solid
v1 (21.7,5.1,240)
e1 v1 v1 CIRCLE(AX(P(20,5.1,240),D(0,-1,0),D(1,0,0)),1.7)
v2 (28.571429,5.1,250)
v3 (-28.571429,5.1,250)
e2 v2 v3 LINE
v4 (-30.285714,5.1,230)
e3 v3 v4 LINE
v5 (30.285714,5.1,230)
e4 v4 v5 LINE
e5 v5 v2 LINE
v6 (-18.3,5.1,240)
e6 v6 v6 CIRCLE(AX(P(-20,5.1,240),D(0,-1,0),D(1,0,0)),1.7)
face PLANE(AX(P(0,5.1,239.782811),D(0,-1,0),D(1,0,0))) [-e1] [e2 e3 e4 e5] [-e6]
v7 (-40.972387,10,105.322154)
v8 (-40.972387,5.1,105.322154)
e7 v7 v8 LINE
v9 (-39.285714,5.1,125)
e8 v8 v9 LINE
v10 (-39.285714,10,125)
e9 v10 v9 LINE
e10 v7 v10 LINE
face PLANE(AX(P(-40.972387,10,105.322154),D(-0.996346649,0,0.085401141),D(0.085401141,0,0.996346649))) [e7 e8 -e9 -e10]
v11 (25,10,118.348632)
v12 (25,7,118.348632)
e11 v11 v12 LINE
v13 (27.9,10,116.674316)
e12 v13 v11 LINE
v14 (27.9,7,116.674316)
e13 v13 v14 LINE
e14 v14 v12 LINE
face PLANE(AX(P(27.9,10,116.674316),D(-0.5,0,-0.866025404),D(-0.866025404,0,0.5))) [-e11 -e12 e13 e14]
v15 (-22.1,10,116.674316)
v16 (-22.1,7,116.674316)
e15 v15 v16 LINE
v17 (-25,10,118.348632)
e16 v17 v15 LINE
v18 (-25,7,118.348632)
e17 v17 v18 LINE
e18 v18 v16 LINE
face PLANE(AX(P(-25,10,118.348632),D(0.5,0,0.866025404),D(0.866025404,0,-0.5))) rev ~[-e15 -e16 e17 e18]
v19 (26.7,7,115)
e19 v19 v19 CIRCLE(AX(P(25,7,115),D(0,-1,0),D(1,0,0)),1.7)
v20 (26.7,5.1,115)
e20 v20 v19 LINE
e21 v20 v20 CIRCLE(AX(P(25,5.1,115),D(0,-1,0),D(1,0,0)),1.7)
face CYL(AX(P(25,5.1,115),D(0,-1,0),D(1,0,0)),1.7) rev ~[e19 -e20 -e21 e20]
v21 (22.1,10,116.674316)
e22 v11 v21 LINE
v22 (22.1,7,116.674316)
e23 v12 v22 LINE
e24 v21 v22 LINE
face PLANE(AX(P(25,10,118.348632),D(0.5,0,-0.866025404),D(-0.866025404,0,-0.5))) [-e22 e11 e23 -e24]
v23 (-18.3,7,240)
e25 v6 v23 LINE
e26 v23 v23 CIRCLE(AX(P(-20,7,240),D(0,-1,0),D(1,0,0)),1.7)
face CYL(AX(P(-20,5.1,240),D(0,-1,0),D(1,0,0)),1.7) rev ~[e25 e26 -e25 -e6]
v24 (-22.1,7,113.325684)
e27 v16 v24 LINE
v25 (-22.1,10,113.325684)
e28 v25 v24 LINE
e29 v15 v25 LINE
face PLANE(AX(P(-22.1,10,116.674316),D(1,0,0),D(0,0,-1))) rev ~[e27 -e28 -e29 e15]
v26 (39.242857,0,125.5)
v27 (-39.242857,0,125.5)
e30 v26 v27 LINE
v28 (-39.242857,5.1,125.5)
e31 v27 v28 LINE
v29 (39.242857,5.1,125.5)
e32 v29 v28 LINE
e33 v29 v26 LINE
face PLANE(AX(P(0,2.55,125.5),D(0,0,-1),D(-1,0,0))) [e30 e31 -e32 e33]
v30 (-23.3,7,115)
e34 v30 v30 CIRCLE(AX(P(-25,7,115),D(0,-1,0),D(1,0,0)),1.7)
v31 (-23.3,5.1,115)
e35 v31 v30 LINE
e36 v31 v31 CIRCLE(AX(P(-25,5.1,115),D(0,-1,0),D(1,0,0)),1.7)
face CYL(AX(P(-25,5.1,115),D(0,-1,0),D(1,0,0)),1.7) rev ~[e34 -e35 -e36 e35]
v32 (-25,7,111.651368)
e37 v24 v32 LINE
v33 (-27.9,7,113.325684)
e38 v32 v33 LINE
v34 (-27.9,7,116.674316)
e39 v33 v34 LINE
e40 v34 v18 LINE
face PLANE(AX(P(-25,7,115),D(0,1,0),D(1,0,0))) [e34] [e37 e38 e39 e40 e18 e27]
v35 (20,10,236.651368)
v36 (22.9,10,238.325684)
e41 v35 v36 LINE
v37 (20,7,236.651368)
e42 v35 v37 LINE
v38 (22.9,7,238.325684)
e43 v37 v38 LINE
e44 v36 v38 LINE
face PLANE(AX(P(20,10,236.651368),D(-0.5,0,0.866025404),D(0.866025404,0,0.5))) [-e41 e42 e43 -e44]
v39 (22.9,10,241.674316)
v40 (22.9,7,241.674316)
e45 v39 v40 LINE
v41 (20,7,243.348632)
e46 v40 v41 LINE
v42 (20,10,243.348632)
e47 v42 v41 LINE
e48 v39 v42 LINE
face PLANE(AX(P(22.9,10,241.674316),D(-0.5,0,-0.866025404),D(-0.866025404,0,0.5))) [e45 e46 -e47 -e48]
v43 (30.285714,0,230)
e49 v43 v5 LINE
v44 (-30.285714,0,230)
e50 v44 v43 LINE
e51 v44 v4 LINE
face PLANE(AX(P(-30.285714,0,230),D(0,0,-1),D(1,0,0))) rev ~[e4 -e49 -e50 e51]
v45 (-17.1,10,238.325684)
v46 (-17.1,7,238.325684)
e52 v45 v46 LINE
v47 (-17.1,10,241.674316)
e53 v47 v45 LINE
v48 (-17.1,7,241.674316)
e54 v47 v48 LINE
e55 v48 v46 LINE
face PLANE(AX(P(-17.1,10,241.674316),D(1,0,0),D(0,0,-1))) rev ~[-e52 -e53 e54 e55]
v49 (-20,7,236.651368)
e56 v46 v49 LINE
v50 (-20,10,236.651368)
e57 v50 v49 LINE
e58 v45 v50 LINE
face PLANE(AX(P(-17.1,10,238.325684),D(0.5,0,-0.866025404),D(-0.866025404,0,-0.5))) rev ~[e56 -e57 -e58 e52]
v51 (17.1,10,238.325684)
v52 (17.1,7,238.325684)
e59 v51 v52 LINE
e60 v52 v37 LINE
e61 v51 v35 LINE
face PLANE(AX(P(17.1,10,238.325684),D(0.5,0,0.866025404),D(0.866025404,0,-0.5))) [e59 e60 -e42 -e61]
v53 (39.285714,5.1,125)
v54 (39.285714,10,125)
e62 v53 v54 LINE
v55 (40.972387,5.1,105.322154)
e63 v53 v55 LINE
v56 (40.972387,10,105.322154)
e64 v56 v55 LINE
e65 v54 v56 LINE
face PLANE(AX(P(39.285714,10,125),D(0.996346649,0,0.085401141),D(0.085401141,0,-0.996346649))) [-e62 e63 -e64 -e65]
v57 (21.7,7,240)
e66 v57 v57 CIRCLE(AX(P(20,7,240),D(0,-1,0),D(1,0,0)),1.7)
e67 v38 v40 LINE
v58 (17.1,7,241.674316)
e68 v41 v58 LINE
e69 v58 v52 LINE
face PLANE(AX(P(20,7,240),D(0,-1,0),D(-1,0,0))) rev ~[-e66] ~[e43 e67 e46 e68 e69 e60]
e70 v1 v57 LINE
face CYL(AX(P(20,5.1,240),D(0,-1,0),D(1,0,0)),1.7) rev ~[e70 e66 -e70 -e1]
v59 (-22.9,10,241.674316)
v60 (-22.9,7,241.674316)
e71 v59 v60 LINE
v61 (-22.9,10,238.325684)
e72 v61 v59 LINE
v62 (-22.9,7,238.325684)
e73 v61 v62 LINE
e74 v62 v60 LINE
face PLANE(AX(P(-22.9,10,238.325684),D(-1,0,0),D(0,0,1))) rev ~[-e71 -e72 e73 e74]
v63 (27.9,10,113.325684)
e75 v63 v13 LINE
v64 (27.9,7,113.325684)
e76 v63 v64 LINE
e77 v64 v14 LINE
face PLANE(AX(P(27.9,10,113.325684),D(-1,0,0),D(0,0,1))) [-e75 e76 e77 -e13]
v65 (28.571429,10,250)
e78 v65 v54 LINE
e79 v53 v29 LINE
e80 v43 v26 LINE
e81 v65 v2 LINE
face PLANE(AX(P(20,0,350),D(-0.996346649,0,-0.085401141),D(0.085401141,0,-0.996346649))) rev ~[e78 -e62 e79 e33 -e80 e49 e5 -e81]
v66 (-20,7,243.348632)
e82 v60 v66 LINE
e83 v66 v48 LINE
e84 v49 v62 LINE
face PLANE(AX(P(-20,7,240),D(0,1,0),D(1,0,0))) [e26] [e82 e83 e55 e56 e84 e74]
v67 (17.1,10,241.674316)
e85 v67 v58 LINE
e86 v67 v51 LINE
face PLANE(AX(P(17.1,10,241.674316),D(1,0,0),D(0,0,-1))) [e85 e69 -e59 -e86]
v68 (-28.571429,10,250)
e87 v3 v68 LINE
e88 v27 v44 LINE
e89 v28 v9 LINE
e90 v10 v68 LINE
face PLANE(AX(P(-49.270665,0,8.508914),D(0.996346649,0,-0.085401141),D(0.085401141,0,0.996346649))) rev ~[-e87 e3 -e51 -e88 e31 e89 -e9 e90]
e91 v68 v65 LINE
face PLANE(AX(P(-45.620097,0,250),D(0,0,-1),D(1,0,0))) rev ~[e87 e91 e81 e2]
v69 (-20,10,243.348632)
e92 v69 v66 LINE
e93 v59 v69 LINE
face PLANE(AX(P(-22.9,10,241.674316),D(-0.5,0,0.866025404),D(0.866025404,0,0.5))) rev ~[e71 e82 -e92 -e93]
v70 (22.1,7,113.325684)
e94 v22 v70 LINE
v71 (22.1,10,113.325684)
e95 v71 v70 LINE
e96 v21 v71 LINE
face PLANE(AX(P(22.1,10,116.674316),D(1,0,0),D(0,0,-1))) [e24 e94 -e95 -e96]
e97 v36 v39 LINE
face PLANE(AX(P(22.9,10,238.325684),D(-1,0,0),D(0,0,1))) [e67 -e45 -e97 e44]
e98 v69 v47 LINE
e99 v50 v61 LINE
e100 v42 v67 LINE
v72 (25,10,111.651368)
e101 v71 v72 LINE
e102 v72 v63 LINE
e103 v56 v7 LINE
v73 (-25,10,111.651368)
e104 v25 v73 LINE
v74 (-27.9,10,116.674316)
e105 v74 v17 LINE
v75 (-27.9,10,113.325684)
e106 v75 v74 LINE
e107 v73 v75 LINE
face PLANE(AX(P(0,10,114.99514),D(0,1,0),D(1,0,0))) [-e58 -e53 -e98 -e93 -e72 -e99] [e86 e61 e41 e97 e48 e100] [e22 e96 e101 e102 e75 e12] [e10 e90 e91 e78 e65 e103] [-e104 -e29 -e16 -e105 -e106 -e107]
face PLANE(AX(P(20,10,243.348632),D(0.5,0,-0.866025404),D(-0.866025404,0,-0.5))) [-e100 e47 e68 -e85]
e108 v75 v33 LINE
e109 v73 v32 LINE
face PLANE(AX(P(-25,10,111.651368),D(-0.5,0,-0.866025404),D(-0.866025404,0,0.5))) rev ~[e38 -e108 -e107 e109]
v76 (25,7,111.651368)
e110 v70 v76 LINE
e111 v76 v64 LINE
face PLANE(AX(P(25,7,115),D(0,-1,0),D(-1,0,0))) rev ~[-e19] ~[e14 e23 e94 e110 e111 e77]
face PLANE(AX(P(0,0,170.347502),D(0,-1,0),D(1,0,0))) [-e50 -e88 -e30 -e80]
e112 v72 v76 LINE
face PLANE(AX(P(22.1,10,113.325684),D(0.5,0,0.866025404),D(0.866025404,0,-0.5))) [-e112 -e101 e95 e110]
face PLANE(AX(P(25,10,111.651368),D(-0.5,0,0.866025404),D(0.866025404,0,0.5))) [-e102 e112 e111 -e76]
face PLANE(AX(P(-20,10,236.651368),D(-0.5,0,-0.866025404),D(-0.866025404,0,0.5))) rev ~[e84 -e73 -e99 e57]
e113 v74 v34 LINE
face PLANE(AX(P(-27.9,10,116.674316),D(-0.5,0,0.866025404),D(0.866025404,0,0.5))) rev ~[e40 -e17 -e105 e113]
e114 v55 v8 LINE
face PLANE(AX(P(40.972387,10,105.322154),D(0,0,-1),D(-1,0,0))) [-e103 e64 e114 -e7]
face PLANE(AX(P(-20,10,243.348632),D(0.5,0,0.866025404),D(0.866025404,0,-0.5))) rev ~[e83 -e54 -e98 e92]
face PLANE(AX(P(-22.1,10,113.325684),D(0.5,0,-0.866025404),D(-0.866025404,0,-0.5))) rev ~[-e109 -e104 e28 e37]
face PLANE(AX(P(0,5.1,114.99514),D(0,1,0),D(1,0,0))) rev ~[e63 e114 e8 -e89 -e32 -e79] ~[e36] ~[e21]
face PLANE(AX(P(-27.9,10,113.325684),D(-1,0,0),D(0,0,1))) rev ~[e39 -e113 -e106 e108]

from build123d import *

# Parameters (mm, degrees)
SKETCH1_R           = 50
BOSS_EXTRUDE1_DEPTH = 10
SKETCH2_R           = 20
CUT_EXTRUDE1_DEPTH  = 5
CUT_EXTRUDE6_DEPTH  = 3
SKETCH8_R           = 1.7
CUT_EXTRUDE7_DEPTH  = 10
BOSS_EXTRUDE3_DEPTH = 10
SKETCH10_W          = 21
SKETCH10_H          = 41
CUT_EXTRUDE8_DEPTH  = 10
SKETCH11_W          = 21
SKETCH11_H          = 6.5
CUT_EXTRUDE9_DEPTH  = 1.5
SKETCH12_R          = 1.7
CUT_EXTRUDE10_DEPTH = 9
CUT_EXTRUDE11_DEPTH = 10
SKETCH15_W          = 131.735170003
SKETCH15_H          = 179.266555965
CUT_EXTRUDE12_DEPTH = 79
BOSS_EXTRUDE4_DEPTH = 4.9
SKETCH17_R          = 1.7
CUT_EXTRUDE13_DEPTH = 10
CUT_EXTRUDE14_DEPTH = 3
SKETCH19_W          = 78.571428572
SKETCH19_H          = 5.1
CUT_EXTRUDE15_DEPTH = 0.5
SKETCH20_W          = 92.611657501
SKETCH20_H          = 114.528704683
CUT_EXTRUDE16_DEPTH = 10
CUT_EXTRUDE17_DEPTH = 5.1
SKETCH22_R          = 1.7
CUT_EXTRUDE18_DEPTH = 5.1
CUT_EXTRUDE19_DEPTH = 3


with BuildPart() as part:
    # Sketch1 → Boss-Extrude1 (new body)
    with BuildSketch(Plane(origin=(0, 0, 0), x_dir=(1, 0, 0), z_dir=(0, 1, 0))):
        Circle(SKETCH1_R)
    extrude(amount=BOSS_EXTRUDE1_DEPTH)

    # Sketch2 → Cut-Extrude1 (cut)
    with BuildSketch(Plane(origin=(0, 10, 0), x_dir=(1, 0, 0), z_dir=(0, 1, 0))):
        Circle(SKETCH2_R)
    extrude(amount=-CUT_EXTRUDE1_DEPTH, mode=Mode.SUBTRACT)

    # Sketch7 → Cut-Extrude6 (cut)
    with BuildSketch(Plane.XZ):
        with BuildLine():
            ThreePointArc((-2.85, 14.726761355), (0, 15), (2.85, 14.726761355))
            Line((2.85, 14.726761355), (2.85, 16.645448267))
            Line((2.85, 16.645448267), (0, 18.290896534))
            Line((0, 18.290896534), (-2.85, 16.645448267))
            Line((-2.85, 16.645448267), (-2.85, 14.726761355))
        make_face()
        with BuildLine():
            Line((2.85, 13.354551733), (2.85, 14.726761355))
            ThreePointArc((2.85, 14.726761355), (0, 15), (-2.85, 14.726761355))
            Line((-2.85, 14.726761355), (-2.85, 13.354551733))
            Line((-2.85, 13.354551733), (0, 11.709103466))
            Line((0, 11.709103466), (2.85, 13.354551733))
        make_face()
        Polygon((-12.990381057, -4.209103466), (-15.840381057, -5.854551733), (-15.840381057, -9.145448267), (-12.990381057, -10.790896534), (-10.140381057, -9.145448267), (-10.140381057, -5.854551733), align=None)
        Polygon((15.840381057, -5.854551733), (12.990381057, -4.209103466), (10.140381057, -5.854551733), (10.140381057, -9.145448267), (12.990381057, -10.790896534), (15.840381057, -9.145448267), align=None)
    extrude(amount=-CUT_EXTRUDE6_DEPTH, mode=Mode.SUBTRACT)

    # Sketch8 → Cut-Extrude7 (cut)
    with BuildSketch(Plane.XZ):
        with Locations((0, 15)):
            Circle(SKETCH8_R)
        with Locations((12.990381057, -7.5)):
            Circle(SKETCH8_R)
        with Locations((-12.990381057, -7.5)):
            Circle(SKETCH8_R)
    extrude(amount=-CUT_EXTRUDE7_DEPTH, mode=Mode.SUBTRACT)


with BuildPart() as body_2:
    # Sketch9 → Boss-Extrude3 (new body)
    with BuildSketch(Plane.XZ):
        with BuildLine():
            Line((-50, 350), (-50, 0))
            ThreePointArc((-50, 0), (0, 50), (50, 0))
            Line((50, 0), (50, 350))
            Line((50, 350), (-50, 350))
        make_face()
    extrude(amount=-BOSS_EXTRUDE3_DEPTH)

    # Sketch10 → Cut-Extrude8 (cut)
    with BuildSketch(Plane.XZ):
        with Locations((0, 319.5)):
            Rectangle(SKETCH10_W, SKETCH10_H)
    extrude(amount=-CUT_EXTRUDE8_DEPTH, mode=Mode.SUBTRACT)

    # Sketch11 → Cut-Extrude9 (cut)
    with BuildSketch(Plane.XZ):
        with Locations((0, 343.25)):
            Rectangle(SKETCH11_W, SKETCH11_H)
        with Locations((0, 295.75)):
            Rectangle(SKETCH11_W, SKETCH11_H)
    extrude(amount=-CUT_EXTRUDE9_DEPTH, mode=Mode.SUBTRACT)

    # Sketch12 → Cut-Extrude10 (cut)
    with BuildSketch(Plane.XZ.offset(-1.5)):
        with Locations((-5, 343.75)):
            Circle(SKETCH12_R)
        with Locations((5, 343.75)):
            Circle(SKETCH12_R)
        with Locations((-5, 295.25)):
            Circle(SKETCH12_R)
        with Locations((5, 295.25)):
            Circle(SKETCH12_R)
    extrude(amount=-CUT_EXTRUDE10_DEPTH, mode=Mode.SUBTRACT)

    # Sketch13 → Cut-Extrude11 (cut)
    with BuildSketch(Plane.XZ):
        with BuildLine():
            Line((-50, 350), (-50, 0))
            ThreePointArc((-50, 0), (-49.817332452, 4.270057067), (-49.270664506, 8.5089141))
            Line((-49.270664506, 8.5089141), (-20, 350))
            Line((-20, 350), (-50, 350))
        make_face()
        with BuildLine():
            Line((20, 350), (49.270664506, 8.5089141))
            ThreePointArc((49.270664506, 8.5089141), (49.817332452, 4.270057067), (50, 0))
            Line((50, 0), (50, 350))
            Line((50, 350), (20, 350))
        make_face()
    extrude(amount=-CUT_EXTRUDE11_DEPTH, mode=Mode.SUBTRACT)


with BuildPart() as cut_extrude12_tool:
    # Sketch15 → Cut-Extrude12 (new body)
    with BuildSketch(Plane(origin=(0, 10, 0), x_dir=(1, 0, 0), z_dir=(0, 1, 0))):
        with Locations((-8.166136658, -35.366722018)):
            Rectangle(SKETCH15_W, SKETCH15_H)
    extrude(amount=-CUT_EXTRUDE12_DEPTH)


with BuildPart() as part_1:
    add(part.part)

    # Cut-Extrude12: cut by cut_extrude12_tool
    add(cut_extrude12_tool.part, mode=Mode.SUBTRACT)


with BuildPart() as body_2_1:
    add(body_2.part)

    # Cut-Extrude12: cut by cut_extrude12_tool
    add(cut_extrude12_tool.part, mode=Mode.SUBTRACT)

    # Sketch16 → Boss-Extrude4 (add)
    with BuildSketch(Plane(origin=(0, 10, 0), x_dir=(1, 0, 0), z_dir=(0, 1, 0))):
        Polygon((40.972386827, -105.322153681), (-40.972386827, -105.322153681), (-39.285714286, -125), (39.285714286, -125), align=None)
    extrude(amount=-BOSS_EXTRUDE4_DEPTH)

    # Sketch17 → Cut-Extrude13 (cut)
    with BuildSketch(Plane.XZ.offset(-5.1)):
        with Locations((-25, 115)):
            Circle(SKETCH17_R)
        with Locations((25, 115)):
            Circle(SKETCH17_R)
    extrude(amount=-CUT_EXTRUDE13_DEPTH, mode=Mode.SUBTRACT)

    # Sketch18 → Cut-Extrude14 (cut)
    with BuildSketch(Plane(origin=(0, 10, 0), x_dir=(1, 0, 0), z_dir=(0, 1, 0))):
        Polygon((-25, -111.651368439), (-27.9, -113.325684219), (-27.9, -116.674315781), (-25, -118.348631561), (-22.1, -116.674315781), (-22.1, -113.325684219), align=None)
        Polygon((22.1, -113.325684219), (25, -111.651368439), (27.9, -113.325684219), (27.9, -116.674315781), (25, -118.348631561), (22.1, -116.674315781), align=None)
    extrude(amount=-CUT_EXTRUDE14_DEPTH, mode=Mode.SUBTRACT)

    # Sketch19 → Cut-Extrude15 (cut)
    with BuildSketch(Plane(origin=(0, 0, 125), x_dir=(-1, 0, 0), z_dir=(0, 0, -1))):
        with Locations((0, 2.55)):
            Rectangle(SKETCH19_W, SKETCH19_H)
    extrude(amount=-CUT_EXTRUDE15_DEPTH, mode=Mode.SUBTRACT)

    # Sketch20 → Cut-Extrude16 (cut)
    with BuildSketch(Plane.XZ):
        with Locations((0.685731612, 307.264352342)):
            Rectangle(SKETCH20_W, SKETCH20_H)
    extrude(amount=-CUT_EXTRUDE16_DEPTH, mode=Mode.SUBTRACT)

    # Sketch21 → Cut-Extrude17 (cut)
    with BuildSketch(Plane.XZ):
        Polygon((-28.571428571, 250), (-30.285714286, 230), (30.285714286, 230), (28.571428571, 250), align=None)
    extrude(amount=-CUT_EXTRUDE17_DEPTH, mode=Mode.SUBTRACT)

    # Sketch22 → Cut-Extrude18 (cut)
    with BuildSketch(Plane.XZ.offset(-5.1)):
        with Locations((-20, 240)):
            Circle(SKETCH22_R)
        with Locations((20, 240)):
            Circle(SKETCH22_R)
    extrude(amount=-CUT_EXTRUDE18_DEPTH, mode=Mode.SUBTRACT)

    # Sketch23 → Cut-Extrude19 (cut)
    with BuildSketch(Plane(origin=(0, 10, 0), x_dir=(1, 0, 0), z_dir=(0, 1, 0))):
        Polygon((-20, -236.651368439), (-22.9, -238.325684219), (-22.9, -241.674315781), (-20, -243.348631561), (-17.1, -241.674315781), (-17.1, -238.325684219), align=None)
        Polygon((17.1, -238.325684219), (20, -236.651368439), (22.9, -238.325684219), (22.9, -241.674315781), (20, -243.348631561), (17.1, -241.674315781), align=None)
    extrude(amount=-CUT_EXTRUDE19_DEPTH, mode=Mode.SUBTRACT)


solid = body_2_1.part
